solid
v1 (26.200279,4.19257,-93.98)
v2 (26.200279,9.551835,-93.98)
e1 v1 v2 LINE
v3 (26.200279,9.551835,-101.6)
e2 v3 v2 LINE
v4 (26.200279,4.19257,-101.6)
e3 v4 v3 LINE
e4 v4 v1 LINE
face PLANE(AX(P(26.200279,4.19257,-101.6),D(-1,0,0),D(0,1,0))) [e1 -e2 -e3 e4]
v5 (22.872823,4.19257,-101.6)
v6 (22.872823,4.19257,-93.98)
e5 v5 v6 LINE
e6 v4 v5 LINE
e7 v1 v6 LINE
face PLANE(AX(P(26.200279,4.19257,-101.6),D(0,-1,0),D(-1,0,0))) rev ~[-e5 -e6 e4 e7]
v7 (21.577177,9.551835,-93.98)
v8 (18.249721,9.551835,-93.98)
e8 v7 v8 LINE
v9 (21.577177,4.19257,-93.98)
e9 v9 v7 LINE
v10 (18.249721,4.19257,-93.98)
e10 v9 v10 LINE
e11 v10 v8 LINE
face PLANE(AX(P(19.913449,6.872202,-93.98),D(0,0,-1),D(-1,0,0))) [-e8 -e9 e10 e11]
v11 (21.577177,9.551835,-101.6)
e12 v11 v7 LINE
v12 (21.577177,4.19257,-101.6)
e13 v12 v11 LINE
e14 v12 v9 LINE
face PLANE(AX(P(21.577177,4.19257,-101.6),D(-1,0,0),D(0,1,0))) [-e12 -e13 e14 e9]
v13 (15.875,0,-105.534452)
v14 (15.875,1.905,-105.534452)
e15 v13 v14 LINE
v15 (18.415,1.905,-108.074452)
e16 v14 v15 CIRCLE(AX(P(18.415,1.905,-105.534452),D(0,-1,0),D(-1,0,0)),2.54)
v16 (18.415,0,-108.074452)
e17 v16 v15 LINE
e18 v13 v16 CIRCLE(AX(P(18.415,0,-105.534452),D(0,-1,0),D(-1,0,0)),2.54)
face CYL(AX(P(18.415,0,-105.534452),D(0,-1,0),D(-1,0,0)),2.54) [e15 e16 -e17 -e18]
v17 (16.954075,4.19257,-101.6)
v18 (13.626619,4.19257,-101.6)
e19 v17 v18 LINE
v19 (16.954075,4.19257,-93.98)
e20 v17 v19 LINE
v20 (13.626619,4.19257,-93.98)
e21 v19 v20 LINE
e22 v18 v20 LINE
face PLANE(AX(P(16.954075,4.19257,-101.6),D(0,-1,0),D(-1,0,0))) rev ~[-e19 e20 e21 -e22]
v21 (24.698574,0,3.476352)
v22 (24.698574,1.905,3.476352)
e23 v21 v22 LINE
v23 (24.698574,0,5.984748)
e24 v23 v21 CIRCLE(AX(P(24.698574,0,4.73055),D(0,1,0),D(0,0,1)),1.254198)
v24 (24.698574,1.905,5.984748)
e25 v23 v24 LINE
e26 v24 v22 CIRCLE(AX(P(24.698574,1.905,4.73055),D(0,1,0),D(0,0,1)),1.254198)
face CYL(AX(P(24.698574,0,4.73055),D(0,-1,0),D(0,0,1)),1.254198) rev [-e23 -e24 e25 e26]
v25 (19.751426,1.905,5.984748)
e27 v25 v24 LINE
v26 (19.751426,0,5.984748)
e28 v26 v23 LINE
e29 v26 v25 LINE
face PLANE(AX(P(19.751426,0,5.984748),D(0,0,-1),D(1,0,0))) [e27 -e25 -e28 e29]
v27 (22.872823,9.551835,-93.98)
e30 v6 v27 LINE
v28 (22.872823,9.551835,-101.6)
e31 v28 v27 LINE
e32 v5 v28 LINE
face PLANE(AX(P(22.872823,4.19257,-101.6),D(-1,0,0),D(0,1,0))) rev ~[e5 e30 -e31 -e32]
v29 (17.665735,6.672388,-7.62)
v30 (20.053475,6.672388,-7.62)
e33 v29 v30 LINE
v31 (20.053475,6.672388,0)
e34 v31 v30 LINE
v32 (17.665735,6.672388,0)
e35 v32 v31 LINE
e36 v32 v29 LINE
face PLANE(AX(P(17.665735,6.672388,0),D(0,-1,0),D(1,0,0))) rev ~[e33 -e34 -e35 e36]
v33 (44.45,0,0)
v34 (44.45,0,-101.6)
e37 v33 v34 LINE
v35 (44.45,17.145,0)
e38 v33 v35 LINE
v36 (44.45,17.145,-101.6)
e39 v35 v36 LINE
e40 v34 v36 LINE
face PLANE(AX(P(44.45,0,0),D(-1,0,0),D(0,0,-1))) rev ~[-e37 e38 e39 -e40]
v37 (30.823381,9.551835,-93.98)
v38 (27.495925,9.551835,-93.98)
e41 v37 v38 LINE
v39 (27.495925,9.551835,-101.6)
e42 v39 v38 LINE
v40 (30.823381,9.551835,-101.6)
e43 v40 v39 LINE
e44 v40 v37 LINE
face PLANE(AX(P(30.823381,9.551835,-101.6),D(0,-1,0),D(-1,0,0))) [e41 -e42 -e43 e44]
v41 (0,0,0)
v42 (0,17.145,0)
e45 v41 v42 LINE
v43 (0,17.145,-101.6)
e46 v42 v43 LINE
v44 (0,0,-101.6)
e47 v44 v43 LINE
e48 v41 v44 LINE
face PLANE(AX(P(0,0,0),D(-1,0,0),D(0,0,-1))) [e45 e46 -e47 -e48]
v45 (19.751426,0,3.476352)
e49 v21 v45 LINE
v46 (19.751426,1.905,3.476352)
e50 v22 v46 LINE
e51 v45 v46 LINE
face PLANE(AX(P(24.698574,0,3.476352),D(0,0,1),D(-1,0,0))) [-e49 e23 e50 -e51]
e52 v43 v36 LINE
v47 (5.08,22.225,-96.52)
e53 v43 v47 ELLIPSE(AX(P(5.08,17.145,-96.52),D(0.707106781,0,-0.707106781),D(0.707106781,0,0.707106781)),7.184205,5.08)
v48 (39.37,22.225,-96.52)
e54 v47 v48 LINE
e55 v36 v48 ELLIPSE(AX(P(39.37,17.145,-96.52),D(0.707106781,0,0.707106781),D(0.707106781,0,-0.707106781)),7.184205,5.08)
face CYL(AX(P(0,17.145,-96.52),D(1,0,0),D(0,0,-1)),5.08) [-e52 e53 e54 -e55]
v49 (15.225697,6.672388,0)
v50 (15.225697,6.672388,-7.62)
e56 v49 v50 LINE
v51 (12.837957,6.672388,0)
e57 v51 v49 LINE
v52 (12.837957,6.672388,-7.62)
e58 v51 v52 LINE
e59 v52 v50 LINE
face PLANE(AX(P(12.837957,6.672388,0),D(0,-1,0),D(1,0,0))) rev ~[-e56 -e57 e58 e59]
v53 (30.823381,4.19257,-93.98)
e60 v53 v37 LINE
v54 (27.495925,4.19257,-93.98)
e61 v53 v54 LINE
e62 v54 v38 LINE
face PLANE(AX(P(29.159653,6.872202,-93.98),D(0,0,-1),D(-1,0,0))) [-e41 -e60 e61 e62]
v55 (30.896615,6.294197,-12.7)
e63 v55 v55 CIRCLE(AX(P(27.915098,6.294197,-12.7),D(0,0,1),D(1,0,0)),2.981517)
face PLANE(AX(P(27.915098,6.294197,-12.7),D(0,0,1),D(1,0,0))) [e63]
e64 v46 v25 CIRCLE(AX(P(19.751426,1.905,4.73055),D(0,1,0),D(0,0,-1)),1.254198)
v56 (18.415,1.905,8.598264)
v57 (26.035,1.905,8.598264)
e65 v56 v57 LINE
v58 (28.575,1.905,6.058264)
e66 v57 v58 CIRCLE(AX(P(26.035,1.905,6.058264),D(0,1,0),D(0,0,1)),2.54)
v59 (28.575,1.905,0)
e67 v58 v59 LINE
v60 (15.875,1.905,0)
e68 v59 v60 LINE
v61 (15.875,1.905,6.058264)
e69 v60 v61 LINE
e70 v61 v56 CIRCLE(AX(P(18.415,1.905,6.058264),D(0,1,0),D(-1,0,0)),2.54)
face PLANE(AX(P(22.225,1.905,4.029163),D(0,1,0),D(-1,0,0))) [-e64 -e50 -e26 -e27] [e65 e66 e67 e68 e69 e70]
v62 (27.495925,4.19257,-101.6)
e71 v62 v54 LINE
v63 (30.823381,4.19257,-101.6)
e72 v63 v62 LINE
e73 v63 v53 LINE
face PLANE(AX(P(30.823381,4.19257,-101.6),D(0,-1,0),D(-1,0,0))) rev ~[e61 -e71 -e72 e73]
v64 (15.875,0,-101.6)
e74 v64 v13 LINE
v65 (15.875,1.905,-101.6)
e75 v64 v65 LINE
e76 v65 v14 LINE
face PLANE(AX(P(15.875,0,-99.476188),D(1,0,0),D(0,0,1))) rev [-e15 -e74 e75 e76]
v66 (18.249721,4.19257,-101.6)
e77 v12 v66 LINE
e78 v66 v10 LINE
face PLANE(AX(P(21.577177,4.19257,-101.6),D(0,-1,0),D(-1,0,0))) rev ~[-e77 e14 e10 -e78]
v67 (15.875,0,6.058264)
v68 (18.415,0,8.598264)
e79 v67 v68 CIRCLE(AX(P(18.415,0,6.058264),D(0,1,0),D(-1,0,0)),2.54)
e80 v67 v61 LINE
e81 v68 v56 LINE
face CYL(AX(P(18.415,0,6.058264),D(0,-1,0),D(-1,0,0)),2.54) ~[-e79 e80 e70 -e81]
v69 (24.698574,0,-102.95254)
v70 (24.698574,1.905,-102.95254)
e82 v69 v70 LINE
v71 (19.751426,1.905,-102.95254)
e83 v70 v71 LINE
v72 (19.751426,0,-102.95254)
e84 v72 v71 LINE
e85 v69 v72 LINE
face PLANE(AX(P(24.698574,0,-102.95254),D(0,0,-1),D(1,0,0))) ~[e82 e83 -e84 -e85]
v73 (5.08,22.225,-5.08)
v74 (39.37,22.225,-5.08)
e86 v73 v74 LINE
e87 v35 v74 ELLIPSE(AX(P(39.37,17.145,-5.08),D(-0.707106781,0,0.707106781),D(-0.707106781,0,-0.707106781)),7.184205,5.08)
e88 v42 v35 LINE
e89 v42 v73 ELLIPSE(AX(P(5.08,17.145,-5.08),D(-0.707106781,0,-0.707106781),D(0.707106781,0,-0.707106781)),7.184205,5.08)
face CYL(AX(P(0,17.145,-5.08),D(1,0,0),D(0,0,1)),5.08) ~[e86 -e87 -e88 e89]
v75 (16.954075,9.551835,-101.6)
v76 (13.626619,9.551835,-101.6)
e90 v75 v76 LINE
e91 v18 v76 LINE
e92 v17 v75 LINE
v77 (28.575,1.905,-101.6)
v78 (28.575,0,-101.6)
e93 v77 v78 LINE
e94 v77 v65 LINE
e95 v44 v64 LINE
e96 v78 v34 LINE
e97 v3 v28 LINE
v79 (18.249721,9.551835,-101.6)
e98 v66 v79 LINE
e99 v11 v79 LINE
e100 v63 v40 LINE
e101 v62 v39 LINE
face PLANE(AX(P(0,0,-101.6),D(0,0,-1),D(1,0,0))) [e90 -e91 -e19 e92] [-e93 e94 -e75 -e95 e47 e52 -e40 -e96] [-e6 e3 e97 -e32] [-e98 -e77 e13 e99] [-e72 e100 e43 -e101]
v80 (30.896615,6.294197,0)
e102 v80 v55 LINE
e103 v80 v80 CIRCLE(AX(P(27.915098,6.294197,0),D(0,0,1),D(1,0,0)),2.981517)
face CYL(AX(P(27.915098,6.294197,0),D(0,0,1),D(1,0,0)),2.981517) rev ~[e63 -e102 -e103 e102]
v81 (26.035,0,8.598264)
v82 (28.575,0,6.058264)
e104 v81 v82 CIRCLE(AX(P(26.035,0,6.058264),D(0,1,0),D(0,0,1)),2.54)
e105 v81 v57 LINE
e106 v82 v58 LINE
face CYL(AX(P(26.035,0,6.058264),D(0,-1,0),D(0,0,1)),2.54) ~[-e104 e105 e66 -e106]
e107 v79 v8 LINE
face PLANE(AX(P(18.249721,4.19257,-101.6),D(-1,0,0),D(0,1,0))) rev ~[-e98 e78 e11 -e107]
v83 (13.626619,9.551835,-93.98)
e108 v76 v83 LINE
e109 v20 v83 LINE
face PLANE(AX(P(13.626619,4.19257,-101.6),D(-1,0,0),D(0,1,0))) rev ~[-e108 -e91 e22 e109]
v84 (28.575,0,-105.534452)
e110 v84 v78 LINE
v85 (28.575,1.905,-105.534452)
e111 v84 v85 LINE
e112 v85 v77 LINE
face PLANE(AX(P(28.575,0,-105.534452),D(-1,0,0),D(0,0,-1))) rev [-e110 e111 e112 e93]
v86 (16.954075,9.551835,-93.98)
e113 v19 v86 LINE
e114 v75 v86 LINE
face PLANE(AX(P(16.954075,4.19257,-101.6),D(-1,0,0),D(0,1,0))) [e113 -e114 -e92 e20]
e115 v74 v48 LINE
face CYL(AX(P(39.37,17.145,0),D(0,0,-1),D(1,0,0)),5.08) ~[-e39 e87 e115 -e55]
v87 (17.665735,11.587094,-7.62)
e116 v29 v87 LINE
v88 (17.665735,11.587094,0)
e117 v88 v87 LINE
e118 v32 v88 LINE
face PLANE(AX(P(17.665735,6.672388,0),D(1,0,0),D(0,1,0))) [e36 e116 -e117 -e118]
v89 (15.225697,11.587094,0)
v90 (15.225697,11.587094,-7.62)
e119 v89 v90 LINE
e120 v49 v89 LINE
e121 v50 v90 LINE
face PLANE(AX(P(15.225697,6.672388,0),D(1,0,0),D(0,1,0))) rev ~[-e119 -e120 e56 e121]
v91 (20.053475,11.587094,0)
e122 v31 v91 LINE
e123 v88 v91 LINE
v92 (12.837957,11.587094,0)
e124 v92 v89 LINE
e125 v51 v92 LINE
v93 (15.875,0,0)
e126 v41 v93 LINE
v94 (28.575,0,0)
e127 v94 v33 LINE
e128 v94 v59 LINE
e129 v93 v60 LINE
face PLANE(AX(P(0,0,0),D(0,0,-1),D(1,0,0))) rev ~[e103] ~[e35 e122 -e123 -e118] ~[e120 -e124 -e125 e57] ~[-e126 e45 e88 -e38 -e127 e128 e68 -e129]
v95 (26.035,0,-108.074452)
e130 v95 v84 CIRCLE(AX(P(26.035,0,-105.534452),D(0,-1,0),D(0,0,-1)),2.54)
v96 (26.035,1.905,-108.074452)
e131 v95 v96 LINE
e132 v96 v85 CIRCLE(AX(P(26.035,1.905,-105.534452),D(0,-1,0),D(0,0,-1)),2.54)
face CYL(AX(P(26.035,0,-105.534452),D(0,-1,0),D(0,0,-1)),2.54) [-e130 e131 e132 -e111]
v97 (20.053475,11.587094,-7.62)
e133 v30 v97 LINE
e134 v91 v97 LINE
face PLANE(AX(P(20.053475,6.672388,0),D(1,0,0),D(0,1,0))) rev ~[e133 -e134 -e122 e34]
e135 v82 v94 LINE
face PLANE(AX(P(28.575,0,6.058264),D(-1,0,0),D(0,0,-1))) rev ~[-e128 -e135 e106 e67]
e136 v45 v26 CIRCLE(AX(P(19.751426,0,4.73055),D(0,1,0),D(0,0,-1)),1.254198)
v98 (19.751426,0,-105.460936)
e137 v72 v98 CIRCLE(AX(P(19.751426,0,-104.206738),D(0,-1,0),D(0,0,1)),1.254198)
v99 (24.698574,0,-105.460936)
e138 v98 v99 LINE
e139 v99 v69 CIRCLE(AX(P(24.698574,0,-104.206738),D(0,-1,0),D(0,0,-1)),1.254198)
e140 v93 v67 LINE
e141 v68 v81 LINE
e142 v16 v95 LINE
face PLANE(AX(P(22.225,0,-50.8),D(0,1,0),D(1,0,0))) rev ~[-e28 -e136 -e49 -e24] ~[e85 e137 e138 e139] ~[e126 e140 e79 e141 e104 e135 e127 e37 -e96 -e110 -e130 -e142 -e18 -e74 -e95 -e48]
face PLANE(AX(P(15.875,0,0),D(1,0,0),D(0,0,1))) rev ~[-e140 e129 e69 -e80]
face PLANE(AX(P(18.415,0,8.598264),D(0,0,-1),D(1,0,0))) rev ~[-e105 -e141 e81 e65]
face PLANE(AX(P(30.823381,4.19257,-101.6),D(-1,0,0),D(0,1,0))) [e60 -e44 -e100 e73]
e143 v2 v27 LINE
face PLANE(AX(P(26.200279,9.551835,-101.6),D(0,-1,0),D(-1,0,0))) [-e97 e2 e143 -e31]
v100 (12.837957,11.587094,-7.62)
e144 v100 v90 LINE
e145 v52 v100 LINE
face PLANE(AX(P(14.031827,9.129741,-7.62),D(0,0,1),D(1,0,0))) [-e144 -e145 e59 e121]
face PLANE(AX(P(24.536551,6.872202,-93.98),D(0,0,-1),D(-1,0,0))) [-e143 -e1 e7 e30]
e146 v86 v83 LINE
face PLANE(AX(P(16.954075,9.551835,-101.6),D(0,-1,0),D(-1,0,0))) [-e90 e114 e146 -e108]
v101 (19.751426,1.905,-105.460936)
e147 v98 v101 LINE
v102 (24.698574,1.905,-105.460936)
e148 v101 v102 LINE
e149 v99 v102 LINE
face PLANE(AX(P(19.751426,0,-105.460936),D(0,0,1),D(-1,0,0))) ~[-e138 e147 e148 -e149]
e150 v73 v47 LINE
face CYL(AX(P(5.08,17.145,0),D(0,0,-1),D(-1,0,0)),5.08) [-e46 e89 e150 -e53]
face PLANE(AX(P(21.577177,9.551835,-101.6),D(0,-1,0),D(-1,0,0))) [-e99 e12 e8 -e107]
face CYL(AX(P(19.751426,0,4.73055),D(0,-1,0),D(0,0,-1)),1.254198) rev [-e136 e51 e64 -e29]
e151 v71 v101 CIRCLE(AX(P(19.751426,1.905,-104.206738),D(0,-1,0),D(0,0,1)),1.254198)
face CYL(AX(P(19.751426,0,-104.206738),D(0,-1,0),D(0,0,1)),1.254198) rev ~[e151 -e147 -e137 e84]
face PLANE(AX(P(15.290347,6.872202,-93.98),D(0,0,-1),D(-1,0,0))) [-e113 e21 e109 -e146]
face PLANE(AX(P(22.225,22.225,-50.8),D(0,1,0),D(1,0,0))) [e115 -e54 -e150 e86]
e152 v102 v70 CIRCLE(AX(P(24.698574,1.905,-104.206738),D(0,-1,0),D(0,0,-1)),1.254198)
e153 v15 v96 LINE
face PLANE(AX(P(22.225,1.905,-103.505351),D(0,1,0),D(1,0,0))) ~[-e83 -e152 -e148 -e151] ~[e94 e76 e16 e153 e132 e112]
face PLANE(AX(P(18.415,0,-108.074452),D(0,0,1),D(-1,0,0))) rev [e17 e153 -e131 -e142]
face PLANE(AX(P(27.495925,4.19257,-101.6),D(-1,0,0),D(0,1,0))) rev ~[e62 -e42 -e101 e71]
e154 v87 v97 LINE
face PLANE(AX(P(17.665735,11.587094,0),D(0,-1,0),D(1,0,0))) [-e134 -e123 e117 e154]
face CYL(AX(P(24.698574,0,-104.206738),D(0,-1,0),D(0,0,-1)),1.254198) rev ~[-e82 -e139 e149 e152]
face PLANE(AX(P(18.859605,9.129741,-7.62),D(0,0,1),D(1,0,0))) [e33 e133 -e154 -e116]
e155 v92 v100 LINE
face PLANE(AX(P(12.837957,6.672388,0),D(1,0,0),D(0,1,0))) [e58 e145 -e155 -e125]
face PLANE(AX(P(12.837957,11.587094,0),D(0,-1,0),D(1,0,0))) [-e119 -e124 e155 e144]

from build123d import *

# Parameters (mm, degrees)
SKETCH1_W           = 44.45
SKETCH1_H           = 101.6
BOSS_EXTRUDE1_DEPTH = 22.225
FILLET1_R           = 5.08
SKETCH2_R           = 2.981516586
CUT_EXTRUDE1_DEPTH  = 12.7
SKETCH3_W           = 2.38773998
SKETCH3_H           = 4.914706725
SKETCH3_W_2         = 2.387739981
CUT_EXTRUDE2_DEPTH  = 7.62
SKETCH4_W           = 3.327455713
SKETCH4_H           = 5.359264955
SKETCH4_W_2         = 3.327455714
CUT_EXTRUDE3_DEPTH  = 7.62
BOSS_EXTRUDE2_DEPTH = 1.905


with BuildPart() as part:
    # Sketch1 → Boss-Extrude1 (new body)
    with BuildSketch(Plane(origin=(0, 0, 0), x_dir=(1, 0, 0), z_dir=(0, 1, 0))):
        with Locations((22.225, 50.8)):
            Rectangle(SKETCH1_W, SKETCH1_H)
    extrude(amount=BOSS_EXTRUDE1_DEPTH)

    # Fillet1
    fillet1_edges = [part.edges().sort_by_distance(p)[0] for p in [
        (44.45, 22.225, -50.8),
        (22.225, 22.225, -101.6),
        (0, 22.225, -50.8),
        (22.225, 22.225, 0),
    ]]
    fillet(fillet1_edges, radius=FILLET1_R)

    # Sketch2 → Cut-Extrude1 (cut)
    with BuildSketch(Plane.XY):
        with Locations((27.915098323, 6.294196756)):
            Circle(SKETCH2_R)
    extrude(amount=-CUT_EXTRUDE1_DEPTH, mode=Mode.SUBTRACT)

    # Sketch3 → Cut-Extrude2 (cut)
    with BuildSketch(Plane.XY):
        with Locations((14.031826574, 9.129741005)):
            Rectangle(SKETCH3_W, SKETCH3_H)
        with Locations((18.859604577, 9.129741005)):
            Rectangle(SKETCH3_W_2, SKETCH3_H)
    extrude(amount=-CUT_EXTRUDE2_DEPTH, mode=Mode.SUBTRACT)

    # Sketch4 → Cut-Extrude3 (cut)
    with BuildSketch(Plane(origin=(0, 0, -101.6), x_dir=(-1, 0, 0), z_dir=(0, 0, -1))):
        with Locations((-29.15965328, 6.872202453)):
            Rectangle(SKETCH4_W, SKETCH4_H)
        with Locations((-24.536551093, 6.872202453)):
            Rectangle(SKETCH4_W_2, SKETCH4_H)
        with Locations((-19.913448907, 6.872202453)):
            Rectangle(SKETCH4_W_2, SKETCH4_H)
        with Locations((-15.290346721, 6.872202453)):
            Rectangle(SKETCH4_W, SKETCH4_H)
    extrude(amount=-CUT_EXTRUDE3_DEPTH, mode=Mode.SUBTRACT)

    # Sketch5 → Boss-Extrude2 (add)
    with BuildSketch(Plane.XZ):
        with BuildLine():
            Line((15.875, 0), (15.875, 6.058263516))
            ThreePointArc((15.875, 6.058263516), (16.618948776, 7.85431474), (18.415, 8.598263516))
            Line((18.415, 8.598263516), (26.035, 8.598263516))
            ThreePointArc((26.035, 8.598263516), (27.831051224, 7.85431474), (28.575, 6.058263516))
            Line((28.575, 6.058263516), (28.575, 0))
            Line((28.575, 0), (15.875, 0))
        make_face()
        with BuildLine():
            Line((19.751425895, 5.984747985), (24.698574105, 5.984747985))
            ThreePointArc((24.698574105, 5.984747985), (25.952772297, 4.730549793), (24.698574105, 3.476351601))
            Line((24.698574105, 3.476351601), (19.751425895, 3.476351601))
            ThreePointArc((19.751425895, 3.476351601), (18.497227703, 4.730549793), (19.751425895, 5.984747985))
        make_face(mode=Mode.SUBTRACT)
    boss_extrude2 = extrude(amount=-BOSS_EXTRUDE2_DEPTH)

    # Mirror2: Boss-Extrude2 across plane
    add(boss_extrude2.mirror(Plane.XY.offset(-49.738094236)))


solid = part.part
